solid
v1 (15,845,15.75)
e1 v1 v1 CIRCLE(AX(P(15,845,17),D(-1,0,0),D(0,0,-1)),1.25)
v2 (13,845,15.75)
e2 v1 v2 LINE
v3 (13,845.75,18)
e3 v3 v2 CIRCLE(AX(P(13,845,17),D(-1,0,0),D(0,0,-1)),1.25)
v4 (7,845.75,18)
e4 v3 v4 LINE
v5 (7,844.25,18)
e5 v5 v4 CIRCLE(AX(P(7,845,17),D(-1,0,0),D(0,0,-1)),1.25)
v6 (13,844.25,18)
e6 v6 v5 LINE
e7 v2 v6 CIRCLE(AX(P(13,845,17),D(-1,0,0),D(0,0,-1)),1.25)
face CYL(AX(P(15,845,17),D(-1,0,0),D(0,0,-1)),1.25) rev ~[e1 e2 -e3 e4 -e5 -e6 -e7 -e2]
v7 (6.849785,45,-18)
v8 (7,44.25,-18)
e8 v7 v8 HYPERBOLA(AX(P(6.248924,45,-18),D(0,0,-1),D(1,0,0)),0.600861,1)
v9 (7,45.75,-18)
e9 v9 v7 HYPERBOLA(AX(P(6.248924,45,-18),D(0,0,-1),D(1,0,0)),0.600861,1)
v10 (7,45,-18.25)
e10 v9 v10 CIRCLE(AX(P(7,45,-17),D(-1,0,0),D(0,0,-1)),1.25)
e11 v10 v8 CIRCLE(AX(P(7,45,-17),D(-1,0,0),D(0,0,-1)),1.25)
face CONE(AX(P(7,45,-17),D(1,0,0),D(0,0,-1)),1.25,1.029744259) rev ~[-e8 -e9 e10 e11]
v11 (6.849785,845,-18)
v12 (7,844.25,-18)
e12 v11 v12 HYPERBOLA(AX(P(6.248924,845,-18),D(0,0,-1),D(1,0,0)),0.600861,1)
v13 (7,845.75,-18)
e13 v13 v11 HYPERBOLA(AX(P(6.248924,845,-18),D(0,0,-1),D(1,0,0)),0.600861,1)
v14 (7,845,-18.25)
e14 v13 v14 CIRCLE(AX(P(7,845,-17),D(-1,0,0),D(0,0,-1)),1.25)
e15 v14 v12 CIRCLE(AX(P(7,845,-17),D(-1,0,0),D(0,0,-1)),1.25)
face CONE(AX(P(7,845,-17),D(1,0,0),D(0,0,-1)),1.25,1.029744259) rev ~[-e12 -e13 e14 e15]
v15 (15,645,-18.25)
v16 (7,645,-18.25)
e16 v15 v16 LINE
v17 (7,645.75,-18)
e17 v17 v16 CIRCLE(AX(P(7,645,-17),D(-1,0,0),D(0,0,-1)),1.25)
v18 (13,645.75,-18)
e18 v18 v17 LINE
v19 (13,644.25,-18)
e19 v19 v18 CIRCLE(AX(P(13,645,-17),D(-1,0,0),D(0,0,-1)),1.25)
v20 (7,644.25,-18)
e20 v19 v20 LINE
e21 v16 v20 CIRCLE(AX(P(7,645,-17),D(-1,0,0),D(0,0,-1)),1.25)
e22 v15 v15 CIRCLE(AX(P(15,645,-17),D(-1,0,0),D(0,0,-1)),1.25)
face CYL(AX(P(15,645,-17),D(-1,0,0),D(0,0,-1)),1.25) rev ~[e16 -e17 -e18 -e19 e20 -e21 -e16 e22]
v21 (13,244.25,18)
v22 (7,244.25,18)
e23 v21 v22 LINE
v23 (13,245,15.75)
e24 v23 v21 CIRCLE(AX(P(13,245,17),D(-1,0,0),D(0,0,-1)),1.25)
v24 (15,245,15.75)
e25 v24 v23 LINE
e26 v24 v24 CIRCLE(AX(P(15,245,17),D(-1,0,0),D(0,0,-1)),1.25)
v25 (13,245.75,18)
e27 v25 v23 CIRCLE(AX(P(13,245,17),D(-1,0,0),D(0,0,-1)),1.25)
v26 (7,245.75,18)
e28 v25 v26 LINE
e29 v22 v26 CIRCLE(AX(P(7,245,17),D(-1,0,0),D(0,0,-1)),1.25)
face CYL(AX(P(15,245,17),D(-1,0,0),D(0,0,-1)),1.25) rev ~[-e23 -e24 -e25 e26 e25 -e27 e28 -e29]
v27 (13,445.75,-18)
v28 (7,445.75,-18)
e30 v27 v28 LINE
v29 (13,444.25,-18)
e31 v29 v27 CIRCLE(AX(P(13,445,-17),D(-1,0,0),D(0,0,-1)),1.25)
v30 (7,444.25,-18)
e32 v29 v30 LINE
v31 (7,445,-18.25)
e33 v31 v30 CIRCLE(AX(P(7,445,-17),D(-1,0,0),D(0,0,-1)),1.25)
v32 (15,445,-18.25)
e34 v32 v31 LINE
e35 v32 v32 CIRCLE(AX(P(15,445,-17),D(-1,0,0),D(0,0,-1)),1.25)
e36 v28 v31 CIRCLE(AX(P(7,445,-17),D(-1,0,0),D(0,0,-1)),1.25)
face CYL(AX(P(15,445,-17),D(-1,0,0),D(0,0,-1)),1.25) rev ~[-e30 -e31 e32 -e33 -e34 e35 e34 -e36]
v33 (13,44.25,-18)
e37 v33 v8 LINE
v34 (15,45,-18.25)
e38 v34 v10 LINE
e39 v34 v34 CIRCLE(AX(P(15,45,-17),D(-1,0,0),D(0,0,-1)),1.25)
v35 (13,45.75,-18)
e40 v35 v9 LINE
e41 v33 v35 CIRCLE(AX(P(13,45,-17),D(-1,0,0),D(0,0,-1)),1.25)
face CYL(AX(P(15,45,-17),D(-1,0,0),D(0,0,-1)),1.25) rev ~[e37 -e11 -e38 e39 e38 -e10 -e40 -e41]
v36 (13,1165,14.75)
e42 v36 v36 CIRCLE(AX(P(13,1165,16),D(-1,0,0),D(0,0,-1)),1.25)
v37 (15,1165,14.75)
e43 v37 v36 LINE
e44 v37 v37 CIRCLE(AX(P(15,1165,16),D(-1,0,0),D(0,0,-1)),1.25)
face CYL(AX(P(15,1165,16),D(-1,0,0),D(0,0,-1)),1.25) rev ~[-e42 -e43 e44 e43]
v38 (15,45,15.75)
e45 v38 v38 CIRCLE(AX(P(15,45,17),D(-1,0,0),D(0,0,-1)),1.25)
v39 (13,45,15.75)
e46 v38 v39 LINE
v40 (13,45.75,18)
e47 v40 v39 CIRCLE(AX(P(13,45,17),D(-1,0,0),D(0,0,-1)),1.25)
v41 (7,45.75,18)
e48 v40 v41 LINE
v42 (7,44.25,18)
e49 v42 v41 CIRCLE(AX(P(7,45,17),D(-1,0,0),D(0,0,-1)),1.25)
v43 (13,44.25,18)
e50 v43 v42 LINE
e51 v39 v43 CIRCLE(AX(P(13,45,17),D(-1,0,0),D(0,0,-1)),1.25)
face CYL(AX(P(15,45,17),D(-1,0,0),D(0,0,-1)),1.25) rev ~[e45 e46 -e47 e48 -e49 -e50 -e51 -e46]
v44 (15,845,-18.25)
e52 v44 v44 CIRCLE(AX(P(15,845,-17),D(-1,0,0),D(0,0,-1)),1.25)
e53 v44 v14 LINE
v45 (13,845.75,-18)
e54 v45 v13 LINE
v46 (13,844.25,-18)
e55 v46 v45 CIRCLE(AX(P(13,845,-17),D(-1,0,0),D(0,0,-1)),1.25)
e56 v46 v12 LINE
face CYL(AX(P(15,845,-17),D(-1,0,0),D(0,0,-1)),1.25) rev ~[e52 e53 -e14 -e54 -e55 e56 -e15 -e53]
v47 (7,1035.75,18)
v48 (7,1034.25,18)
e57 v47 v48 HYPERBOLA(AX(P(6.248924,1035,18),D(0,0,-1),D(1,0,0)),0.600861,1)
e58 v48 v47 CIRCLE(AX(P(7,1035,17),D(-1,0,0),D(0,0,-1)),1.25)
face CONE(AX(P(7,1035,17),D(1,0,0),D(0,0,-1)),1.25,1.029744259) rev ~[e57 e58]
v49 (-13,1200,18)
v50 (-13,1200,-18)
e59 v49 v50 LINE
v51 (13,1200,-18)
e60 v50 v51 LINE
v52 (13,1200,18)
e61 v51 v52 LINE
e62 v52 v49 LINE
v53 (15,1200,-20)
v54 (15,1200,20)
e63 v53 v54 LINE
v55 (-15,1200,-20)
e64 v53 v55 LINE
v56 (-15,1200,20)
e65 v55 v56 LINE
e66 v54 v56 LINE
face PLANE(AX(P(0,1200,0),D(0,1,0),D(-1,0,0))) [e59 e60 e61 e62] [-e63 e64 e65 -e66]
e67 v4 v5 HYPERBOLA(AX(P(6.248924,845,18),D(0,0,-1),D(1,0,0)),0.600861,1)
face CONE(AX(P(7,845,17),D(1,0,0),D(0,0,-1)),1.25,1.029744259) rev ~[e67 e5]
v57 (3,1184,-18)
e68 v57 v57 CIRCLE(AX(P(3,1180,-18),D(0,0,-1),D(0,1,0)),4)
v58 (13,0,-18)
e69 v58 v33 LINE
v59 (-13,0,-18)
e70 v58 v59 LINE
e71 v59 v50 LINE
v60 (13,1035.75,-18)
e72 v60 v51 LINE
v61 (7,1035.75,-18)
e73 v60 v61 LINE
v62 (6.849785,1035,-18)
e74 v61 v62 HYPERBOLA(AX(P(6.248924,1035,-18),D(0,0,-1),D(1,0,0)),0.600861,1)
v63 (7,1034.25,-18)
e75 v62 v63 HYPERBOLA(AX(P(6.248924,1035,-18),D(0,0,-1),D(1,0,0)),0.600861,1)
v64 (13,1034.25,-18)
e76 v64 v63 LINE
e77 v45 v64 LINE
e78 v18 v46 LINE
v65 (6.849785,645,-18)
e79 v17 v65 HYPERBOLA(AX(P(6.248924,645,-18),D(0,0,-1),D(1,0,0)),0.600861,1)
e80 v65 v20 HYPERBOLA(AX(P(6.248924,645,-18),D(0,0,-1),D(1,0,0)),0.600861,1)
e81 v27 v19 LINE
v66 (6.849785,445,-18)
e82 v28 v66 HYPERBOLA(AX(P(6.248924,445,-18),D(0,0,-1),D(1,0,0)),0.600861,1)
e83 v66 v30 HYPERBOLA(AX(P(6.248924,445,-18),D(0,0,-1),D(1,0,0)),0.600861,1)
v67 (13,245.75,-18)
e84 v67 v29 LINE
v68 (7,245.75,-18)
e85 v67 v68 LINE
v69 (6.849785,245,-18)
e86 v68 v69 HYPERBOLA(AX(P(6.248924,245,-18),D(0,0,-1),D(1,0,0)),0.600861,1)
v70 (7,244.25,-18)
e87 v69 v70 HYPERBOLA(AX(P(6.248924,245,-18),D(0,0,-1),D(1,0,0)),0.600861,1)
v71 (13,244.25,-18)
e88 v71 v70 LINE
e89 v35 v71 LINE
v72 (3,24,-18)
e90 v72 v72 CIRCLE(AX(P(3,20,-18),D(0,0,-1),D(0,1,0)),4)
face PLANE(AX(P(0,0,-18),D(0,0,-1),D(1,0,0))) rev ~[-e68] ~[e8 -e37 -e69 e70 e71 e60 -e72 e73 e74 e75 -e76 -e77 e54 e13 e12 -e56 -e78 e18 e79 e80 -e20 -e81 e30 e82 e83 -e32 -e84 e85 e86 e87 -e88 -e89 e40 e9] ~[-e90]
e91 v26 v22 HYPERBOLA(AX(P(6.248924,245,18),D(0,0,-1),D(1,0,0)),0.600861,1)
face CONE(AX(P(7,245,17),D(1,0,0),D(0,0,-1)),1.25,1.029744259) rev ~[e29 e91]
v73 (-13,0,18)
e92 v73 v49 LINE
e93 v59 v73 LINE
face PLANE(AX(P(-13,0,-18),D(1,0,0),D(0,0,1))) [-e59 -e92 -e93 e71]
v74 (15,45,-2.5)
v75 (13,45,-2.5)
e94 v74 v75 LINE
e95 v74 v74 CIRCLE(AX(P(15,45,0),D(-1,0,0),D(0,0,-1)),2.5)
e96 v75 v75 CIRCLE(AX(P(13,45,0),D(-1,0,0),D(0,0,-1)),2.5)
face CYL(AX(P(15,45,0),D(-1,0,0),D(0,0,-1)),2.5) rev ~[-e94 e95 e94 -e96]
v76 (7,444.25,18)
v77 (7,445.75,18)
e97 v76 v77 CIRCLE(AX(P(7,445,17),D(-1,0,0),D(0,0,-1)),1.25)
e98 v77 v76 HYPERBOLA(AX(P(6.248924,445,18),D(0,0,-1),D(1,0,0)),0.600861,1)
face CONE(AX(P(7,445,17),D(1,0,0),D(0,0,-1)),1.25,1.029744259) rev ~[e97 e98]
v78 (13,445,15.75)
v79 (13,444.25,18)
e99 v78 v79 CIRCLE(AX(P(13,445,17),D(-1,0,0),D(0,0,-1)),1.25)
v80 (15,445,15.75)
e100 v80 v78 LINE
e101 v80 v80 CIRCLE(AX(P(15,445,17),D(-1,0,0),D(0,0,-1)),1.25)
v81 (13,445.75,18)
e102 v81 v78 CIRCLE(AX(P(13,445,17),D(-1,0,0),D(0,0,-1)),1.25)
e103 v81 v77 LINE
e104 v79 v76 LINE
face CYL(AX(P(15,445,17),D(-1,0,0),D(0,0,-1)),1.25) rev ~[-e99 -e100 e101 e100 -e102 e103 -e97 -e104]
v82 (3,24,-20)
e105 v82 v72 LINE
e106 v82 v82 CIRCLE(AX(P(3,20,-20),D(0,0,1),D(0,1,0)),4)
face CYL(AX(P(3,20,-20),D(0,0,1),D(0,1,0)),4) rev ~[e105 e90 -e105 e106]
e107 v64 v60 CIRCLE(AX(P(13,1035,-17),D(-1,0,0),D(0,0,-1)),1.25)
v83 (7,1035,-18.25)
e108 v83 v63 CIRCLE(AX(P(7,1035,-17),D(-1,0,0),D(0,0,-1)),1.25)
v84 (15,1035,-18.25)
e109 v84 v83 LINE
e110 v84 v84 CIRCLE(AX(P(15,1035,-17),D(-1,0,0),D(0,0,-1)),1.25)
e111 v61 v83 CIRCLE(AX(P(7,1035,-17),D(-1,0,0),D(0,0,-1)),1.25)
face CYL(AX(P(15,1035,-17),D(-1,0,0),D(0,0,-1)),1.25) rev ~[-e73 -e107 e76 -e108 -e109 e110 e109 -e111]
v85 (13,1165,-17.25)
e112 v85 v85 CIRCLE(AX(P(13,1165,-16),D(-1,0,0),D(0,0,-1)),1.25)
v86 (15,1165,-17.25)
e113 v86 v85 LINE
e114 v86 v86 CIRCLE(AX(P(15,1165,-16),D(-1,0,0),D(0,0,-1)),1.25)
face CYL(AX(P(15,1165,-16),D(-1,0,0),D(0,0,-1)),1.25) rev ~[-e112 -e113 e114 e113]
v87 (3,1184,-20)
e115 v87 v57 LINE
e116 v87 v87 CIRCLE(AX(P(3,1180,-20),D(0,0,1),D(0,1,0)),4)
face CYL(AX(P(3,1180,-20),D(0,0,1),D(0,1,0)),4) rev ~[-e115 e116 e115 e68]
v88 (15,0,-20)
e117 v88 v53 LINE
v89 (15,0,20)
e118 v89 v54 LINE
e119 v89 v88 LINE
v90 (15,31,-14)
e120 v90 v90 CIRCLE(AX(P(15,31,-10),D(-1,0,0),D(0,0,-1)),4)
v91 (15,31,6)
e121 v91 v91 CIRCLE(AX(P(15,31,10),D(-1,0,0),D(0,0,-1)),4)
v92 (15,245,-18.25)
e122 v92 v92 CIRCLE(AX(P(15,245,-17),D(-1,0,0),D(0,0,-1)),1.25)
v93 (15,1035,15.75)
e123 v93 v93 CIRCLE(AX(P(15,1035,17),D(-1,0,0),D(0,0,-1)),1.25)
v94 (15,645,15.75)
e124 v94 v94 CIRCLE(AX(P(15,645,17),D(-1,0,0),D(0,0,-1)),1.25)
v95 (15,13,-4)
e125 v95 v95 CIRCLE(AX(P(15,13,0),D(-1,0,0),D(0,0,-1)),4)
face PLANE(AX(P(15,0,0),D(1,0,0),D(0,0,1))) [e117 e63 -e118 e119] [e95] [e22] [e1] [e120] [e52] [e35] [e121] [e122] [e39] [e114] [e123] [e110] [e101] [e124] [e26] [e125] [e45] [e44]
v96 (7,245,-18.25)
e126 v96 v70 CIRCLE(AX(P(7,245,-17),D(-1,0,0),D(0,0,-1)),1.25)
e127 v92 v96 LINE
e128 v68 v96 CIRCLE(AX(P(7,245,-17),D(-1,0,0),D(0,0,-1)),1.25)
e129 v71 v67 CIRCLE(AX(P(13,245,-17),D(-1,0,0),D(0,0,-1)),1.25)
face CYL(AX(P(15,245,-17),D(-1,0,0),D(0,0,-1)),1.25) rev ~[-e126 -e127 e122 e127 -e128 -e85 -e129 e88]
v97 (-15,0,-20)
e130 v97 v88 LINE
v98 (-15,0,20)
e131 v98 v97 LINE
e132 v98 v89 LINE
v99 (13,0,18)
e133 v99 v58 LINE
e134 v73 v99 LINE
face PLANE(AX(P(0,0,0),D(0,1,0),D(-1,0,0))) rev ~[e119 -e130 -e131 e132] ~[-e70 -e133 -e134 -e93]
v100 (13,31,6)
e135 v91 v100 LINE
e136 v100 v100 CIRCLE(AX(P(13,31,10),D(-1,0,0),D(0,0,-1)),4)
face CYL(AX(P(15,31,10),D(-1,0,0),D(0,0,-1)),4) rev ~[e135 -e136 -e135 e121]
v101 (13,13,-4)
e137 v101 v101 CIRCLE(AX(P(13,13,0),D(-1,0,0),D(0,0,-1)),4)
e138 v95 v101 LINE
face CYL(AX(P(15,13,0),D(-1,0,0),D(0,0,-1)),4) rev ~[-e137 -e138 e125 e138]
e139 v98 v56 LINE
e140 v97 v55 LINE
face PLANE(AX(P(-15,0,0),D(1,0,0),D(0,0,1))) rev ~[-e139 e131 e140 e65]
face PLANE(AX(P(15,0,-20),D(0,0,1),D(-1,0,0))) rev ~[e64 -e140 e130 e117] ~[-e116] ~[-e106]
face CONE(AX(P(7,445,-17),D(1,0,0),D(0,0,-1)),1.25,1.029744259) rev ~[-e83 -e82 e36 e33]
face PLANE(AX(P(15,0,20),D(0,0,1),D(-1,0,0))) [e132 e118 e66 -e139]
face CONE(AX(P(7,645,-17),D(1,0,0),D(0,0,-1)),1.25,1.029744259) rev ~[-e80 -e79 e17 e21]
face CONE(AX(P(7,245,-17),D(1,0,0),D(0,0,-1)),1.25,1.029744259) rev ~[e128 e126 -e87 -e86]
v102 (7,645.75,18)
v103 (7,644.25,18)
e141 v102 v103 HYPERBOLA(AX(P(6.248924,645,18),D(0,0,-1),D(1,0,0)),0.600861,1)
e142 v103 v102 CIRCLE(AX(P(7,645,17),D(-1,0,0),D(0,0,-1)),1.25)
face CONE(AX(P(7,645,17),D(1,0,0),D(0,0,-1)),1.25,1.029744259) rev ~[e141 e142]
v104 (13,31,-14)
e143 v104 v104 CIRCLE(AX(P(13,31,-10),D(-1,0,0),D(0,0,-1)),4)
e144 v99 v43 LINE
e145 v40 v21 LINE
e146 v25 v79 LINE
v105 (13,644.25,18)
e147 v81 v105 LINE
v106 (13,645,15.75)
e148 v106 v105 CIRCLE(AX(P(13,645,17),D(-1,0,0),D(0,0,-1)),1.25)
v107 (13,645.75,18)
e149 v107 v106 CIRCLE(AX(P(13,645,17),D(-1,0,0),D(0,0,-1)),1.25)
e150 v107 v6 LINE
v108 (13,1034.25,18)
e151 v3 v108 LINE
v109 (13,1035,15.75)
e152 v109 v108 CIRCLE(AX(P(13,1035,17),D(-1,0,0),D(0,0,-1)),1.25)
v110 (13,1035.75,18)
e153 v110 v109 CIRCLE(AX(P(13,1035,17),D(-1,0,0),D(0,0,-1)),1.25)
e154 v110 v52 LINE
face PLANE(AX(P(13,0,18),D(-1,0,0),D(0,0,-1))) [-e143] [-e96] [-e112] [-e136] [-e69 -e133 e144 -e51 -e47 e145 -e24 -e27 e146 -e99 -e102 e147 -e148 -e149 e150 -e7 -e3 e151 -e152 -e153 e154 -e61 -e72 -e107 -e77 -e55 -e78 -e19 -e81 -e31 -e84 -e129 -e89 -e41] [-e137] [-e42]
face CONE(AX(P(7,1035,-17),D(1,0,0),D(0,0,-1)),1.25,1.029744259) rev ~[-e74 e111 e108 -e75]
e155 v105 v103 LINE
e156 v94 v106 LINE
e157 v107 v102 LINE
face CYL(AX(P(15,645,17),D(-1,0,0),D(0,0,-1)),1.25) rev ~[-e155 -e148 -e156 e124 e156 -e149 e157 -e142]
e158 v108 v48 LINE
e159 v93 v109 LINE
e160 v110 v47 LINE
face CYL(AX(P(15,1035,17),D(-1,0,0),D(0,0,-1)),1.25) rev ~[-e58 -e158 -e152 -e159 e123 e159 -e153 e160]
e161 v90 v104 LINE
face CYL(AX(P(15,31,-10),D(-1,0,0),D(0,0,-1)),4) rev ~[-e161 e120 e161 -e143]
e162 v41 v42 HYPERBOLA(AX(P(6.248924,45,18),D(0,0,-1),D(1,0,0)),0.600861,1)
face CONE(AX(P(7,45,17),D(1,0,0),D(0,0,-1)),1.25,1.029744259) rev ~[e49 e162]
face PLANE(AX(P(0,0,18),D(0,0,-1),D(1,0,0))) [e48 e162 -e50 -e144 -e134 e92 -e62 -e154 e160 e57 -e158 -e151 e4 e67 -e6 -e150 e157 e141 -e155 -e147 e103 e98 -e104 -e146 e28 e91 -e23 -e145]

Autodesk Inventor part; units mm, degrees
ref_plane "YZ Plane" through (0, 0, 0) normal (1, 0, 0) x (0, 1, 0)
ref_plane "XZ Plane" through (0, 0, 0) normal (0, 1, 0) x (-1, 0, 0)
ref_plane "XY Plane" through (0, 0, 0) normal (0, 0, 1) x (1, 0, 0)
sketch "Szkic2" plane through (0, 0, 0) normal (0, 1, 0) x (-1, 0, 0)
  line L0 (0, 0) -> (-15, 0) construction
  line L1 (-15, 0) -> (-15, 20)
  line L2 (-15, 20) -> (0, 20)
  line L3 (-15, 0) -> (-15, -20)
  line L4 (-15, -20) -> (0, -20)
  line L5 (0, -20) -> (0, 20) construction
  line L6 (15, 0) -> (15, 20)
  line L7 (15, 20) -> (0, 20)
  line L8 (15, -20) -> (0, -20)
  line L9 (15, 0) -> (15, -20)
  line L10 (15, 0) -> (13, 0) construction
  line L11 (0, 20) -> (0, 18) construction
  line L12 (0, 18) -> (13, 18)
  line L13 (13, 18) -> (13, 0)
  line L14 (0, 18) -> (-13, 18)
  line L15 (-13, 18) -> (-13, 0)
  line L16 (0, -18) -> (13, -18)
  line L17 (13, -18) -> (13, 0)
  line L18 (-13, -18) -> (-13, 0)
  line L19 (0, -18) -> (-13, -18)
  point P0 (-7.5, -20)
  point P1 (15, -10)
  dimension "d18" = 40
  dimension "d19" = 30
  dimension "d22" = 2
  dimension "d23" = 2
extrude "Wyciągnięcie proste4" add sketch "Szkic2" along normal blind 1200
sketch "Szkic3" plane through (15, 0, -20) normal (0, 0, -1) x (-1, 0, 0)
  line L0 (0, 1200) -> (0, 1180) construction
  line L1 (0, 0) -> (0, 1200) projected
  line L2 (0, 1180) -> (12, 1180) construction
  line L3 (12, 1180) -> (12, 0)
  line L4 (0, 0) -> (0, 1200) projected
  line L5 (0, 0) -> (0, 20)
  line L6 (0, 20) -> (12, 20)
  point P0 (15, 0)
  dimension "d26" = 20
  dimension "d27" = 12
  dimension "d76" = 1180
  dimension "d77" = 20
hole "Otwór1" at (3, 1180, -20) at (3, 20, -20) direction (0, 0, 1) diameter 8 depth 10 tip angle 118
sketch "Szkic4" plane through (15, 0, 20) normal (1, 0, 0) x (0, 0, -1)
  line L0 (40, 0) -> (0, 0) projected
  line L1 (0, 0) -> (10, 0)
  line L2 (40, 0) -> (30, 0)
  line L3 (0, 0) -> (0, 31)
  line L4 (0, 0) -> (0, 1200) projected
  line L5 (0, 31) -> (10, 31)
  line L6 (40, 0) -> (40, 1200) projected
  line L7 (40, 0) -> (40, 31)
  line L8 (30, 31) -> (40, 31)
  line L9 (40, 31) -> (40, 0)
  line L10 (0, 0) -> (0, 40)
  line L11 (20, 0) -> (20, 13)
  dimension "d35" = 10
  dimension "d36" = 10
  dimension "d37" = 31
  dimension "d38" = 20
  dimension "d39" = 31
  dimension "d40" = 10
  dimension "d41" = 40
  dimension "d42" = 13
hole "Otwór2" at (15, 31, 10) at (15, 31, -10) at (15, 13, 0) direction (-1, 0, 0) diameter 8 depth 8.25 tip angle 118
sketch "Szkic5" plane through (15, 0, 20) normal (1, 0, 0) x (0, 0, -1)
  line L0 (40, 0) -> (0, 0) projected
  line L1 (0, 0) -> (0, 45)
  line L2 (0, 0) -> (0, 1200) projected
  line L3 (0, 45) -> (20, 45)
  point P0 (20, 0)
  dimension "d50" = 45
hole "Otwór3" at (15, 45, 0) direction (-1, 0, 0) diameter 5 depth 8 tip angle 118
sketch "Szkic6" plane through (15, 0, 20) normal (1, 0, 0) x (0, 0, -1)
  line L0 (0, 0) -> (0, 1200) projected
  circle A0 centre (20, 45) radius 2.5 projected
  line L1 (0, 45) -> (3, 45)
  line L2 (3, 45) -> (3, 245)
  line L3 (3, 245) -> (3, 445)
  line L4 (3, 445) -> (3, 645)
  line L5 (3, 645) -> (3, 845)
  line L6 (3, 845) -> (3, 1035)
  line L7 (40, 1200) -> (0, 1200) projected
  line L8 (20, 0) -> (20, 1200)
  line L9 (0, 1165) -> (4, 1165)
  point P0 (2, 1200)
  point P1 (37, 45)
  point P2 (37, 245)
  point P3 (37, 445)
  point P4 (37, 645)
  point P5 (37, 845)
  point P6 (37, 1035)
  point P7 (36, 1165)
  dimension "d58" = 20
  dimension "d59" = 3
  dimension "d60" = 200
  dimension "d61" = 200
  dimension "d62" = 200
  dimension "d63" = 200
  dimension "d64" = 190
  dimension "d73" = 35
  dimension "d75" = 4
hole "Otwór4" at (15, 45, 17) at (15, 245, 17) at (15, 445, 17) at (15, 645, 17) at (15, 845, 17) at (15, 1035, 17) at (15, 1165, 16) at (15, 1165, -16) at (15, 1035, -17) at (15, 845, -17) at (15, 645, -17) at (15, 445, -17) at (15, 245, -17) at (15, 45, -17) direction (-1, 0, 0) diameter 2.5 depth 8 tip angle 118
properties part number "profil_stalowy_40_30_120"
